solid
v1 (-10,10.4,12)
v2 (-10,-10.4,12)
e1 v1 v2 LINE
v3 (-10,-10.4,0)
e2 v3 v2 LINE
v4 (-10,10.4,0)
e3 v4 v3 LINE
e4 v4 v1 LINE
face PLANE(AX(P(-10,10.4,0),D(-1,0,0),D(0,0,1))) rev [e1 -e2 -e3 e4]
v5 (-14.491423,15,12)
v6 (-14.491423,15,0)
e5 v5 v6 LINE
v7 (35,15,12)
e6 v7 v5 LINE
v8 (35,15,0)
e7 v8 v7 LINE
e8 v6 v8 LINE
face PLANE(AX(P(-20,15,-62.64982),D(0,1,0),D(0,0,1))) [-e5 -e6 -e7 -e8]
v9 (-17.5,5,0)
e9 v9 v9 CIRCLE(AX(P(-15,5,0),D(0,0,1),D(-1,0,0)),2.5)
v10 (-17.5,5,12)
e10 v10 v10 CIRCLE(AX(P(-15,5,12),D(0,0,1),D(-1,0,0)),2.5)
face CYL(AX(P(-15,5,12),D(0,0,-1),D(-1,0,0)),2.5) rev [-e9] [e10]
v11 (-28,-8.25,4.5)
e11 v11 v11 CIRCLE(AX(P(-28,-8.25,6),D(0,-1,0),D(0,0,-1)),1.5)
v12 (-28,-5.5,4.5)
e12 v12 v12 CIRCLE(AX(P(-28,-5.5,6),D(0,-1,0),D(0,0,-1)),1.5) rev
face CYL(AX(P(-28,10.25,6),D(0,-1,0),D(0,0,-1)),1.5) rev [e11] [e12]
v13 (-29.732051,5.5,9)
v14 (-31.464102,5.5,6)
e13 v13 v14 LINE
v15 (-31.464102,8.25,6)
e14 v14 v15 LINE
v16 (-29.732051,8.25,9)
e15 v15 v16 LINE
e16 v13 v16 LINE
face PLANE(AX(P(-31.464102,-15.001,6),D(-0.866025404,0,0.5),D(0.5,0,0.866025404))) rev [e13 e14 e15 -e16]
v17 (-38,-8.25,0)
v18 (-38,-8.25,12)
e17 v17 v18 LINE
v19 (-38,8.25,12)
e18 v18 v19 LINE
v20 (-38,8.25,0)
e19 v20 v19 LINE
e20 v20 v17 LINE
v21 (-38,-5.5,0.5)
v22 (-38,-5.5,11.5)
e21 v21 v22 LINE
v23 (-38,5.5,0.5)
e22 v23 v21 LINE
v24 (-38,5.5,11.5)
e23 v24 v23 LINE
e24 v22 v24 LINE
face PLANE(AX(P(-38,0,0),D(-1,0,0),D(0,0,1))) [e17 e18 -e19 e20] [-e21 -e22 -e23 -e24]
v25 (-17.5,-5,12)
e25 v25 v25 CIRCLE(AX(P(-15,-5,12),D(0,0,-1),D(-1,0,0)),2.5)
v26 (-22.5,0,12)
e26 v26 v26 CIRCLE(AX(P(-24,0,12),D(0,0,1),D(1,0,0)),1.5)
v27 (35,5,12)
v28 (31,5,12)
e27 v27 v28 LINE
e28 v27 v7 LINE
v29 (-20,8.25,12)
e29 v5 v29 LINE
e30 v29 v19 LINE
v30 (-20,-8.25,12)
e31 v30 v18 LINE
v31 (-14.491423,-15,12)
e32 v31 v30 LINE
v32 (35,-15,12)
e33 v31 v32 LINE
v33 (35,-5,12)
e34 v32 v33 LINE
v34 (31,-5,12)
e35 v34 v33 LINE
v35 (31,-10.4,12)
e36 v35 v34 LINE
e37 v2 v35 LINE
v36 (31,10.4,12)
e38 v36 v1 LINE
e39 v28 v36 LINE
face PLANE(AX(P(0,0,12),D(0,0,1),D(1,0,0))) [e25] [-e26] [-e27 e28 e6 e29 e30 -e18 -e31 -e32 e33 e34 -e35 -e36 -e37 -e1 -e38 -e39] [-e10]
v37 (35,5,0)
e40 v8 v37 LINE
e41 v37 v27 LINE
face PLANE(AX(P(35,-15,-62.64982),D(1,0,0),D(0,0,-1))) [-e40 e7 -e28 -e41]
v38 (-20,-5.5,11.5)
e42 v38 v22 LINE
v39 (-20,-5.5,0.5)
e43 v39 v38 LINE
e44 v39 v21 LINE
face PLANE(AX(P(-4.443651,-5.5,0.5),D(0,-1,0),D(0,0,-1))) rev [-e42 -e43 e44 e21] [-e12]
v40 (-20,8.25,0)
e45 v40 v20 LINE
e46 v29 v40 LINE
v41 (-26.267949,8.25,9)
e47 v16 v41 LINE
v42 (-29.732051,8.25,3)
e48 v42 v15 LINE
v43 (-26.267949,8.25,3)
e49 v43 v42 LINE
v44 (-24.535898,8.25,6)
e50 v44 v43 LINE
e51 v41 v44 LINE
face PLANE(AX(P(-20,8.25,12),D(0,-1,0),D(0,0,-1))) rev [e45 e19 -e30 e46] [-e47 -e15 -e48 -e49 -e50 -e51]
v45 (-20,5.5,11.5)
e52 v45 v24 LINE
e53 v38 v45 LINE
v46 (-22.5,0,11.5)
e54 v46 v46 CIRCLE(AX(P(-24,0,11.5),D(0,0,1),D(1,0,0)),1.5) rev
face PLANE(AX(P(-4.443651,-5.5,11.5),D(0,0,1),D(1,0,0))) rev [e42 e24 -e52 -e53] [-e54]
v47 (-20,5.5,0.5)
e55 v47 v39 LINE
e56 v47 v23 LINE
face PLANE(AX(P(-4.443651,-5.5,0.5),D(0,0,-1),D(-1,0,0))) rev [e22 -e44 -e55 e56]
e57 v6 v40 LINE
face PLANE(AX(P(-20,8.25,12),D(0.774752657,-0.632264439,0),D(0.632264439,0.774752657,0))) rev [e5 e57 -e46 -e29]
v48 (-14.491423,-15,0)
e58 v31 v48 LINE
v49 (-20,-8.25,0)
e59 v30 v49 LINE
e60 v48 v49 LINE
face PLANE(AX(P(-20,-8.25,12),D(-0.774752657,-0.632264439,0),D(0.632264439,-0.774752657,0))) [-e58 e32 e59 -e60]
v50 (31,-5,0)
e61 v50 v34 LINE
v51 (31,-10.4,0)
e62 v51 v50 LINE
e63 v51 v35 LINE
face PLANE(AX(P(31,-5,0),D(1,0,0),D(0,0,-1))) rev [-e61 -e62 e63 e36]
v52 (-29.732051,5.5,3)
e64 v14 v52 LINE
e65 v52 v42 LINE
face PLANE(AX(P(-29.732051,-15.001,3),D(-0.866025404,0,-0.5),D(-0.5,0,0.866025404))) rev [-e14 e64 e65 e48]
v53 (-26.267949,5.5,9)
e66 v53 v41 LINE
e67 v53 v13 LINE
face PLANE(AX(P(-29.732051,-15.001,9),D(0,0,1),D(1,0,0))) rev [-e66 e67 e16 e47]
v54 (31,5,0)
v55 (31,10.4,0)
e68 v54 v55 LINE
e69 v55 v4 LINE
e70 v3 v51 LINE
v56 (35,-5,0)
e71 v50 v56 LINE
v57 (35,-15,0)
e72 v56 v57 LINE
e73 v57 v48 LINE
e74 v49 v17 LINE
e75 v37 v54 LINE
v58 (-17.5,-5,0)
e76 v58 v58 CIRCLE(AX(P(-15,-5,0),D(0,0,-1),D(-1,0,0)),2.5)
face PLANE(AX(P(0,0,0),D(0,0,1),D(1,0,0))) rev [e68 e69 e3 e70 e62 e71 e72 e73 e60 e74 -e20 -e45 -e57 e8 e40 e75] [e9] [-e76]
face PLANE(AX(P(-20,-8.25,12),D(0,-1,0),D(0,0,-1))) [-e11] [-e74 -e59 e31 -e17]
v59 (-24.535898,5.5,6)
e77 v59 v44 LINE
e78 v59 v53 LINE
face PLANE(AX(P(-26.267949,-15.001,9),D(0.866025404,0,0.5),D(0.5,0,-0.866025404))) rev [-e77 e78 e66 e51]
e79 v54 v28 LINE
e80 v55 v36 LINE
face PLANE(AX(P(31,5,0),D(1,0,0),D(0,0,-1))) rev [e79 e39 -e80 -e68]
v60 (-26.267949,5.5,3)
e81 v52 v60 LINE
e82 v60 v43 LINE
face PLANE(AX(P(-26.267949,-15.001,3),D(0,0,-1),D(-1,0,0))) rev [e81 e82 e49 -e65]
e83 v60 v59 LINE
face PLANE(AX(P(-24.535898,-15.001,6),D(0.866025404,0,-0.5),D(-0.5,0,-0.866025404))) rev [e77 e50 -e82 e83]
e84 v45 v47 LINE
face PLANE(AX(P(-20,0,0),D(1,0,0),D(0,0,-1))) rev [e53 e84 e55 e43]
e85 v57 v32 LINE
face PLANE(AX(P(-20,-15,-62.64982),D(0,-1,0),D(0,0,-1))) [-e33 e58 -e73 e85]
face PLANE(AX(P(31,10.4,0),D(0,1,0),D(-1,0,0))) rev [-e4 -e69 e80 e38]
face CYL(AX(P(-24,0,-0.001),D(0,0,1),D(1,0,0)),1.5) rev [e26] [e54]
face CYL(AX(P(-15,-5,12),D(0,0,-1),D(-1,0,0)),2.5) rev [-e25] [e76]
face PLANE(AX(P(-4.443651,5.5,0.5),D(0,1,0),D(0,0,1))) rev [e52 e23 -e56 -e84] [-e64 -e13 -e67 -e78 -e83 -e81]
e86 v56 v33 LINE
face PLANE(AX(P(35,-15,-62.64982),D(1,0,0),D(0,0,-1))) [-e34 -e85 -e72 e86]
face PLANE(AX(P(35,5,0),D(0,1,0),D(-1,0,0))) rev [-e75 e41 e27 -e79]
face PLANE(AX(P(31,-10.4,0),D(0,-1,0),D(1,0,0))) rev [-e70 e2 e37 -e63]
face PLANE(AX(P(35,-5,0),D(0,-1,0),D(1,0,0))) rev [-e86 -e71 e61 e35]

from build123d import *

# Parameters (mm, degrees)
SKETCH_2_W           = 30.5
SKETCH_2_H           = 20.5
SKETCH_2_W_2         = 22.5
SKETCH_2_H_2         = 12.5
EXTRUDE_1_DEPTH      = 12
SKETCH_3_W           = 2.75
SKETCH_3_H           = 10
EXTRUDE_2_DEPTH      = 3
SKETCH_4_W           = 4.940698383
SKETCH_4_H           = 10
CUT_EXTRUDE_1_DEPTH  = 9
EXTRUDE_3_DEPTH      = 20
EXTRUDE_4_REACH      = 38.805
SKETCH_7_R           = 1.252665059
CUT_EXTRUDE_2_DEPTH  = 41.374032496
SKETCH_8_W           = 10
SKETCH_8_H           = 10
CUT_EXTRUDE_3_DEPTH  = 18
SKETCH_10_W          = 23.106147985
SKETCH_10_H          = 7.754593222
CUT_EXTRUDE_4_DEPTH  = 42.146840705
SKETCH_11_R          = 1.5
CUT_EXTRUDE_5_DEPTH  = 44.934610502
CUT_EXTRUDE_6_REACH  = 60.181
SKETCH_12_W          = 11
SKETCH_12_H          = 11
SKETCH_13_W          = 23.5
SKETCH_13_H          = 13.5
CUT_EXTRUDE_7_DEPTH  = 42.146840705
SKETCH_14_W          = 9.129424231
SKETCH_14_H          = 10.218893611
CUT_EXTRUDE_8_DEPTH  = 42.146840705
SKETCH_15_W          = 55
SKETCH_15_H          = 30
EXTRUDE_5_DEPTH      = 12
CUT_EXTRUDE_9_DEPTH  = 43.579337712
SKETCH_18_R          = 2.5
CUT_EXTRUDE_10_DEPTH = 43.579337712
CUT_EXTRUDE_11_DEPTH = 43.579337712
CUT_EXTRUDE_12_REACH = 48.136
CUT_EXTRUDE_13_REACH = 44.579
SKETCH_21_R          = 1.5


with BuildPart() as part:
    # 草图2 → 凸台-拉伸1 (new body)
    with BuildSketch(Plane.XY):
        Rectangle(SKETCH_2_W, SKETCH_2_H)
        Rectangle(SKETCH_2_W_2, SKETCH_2_H_2, mode=Mode.SUBTRACT)
    extrude(amount=EXTRUDE_1_DEPTH)

    # 草图3 → 凸台-拉伸2 (add)
    with BuildSketch(Plane.XY.offset(12)):
        with Locations((-16.625, 0)):
            Rectangle(SKETCH_3_W, SKETCH_3_H)
    extrude_2 = extrude(amount=-EXTRUDE_2_DEPTH)

    # 镜向1: 凸台-拉伸2 across plane
    add(extrude_2.mirror(Plane(origin=(0, 0, 0), x_dir=(0, 0, 1), z_dir=(1, 0, 0))))

    # 草图4 → 切除-拉伸1 (cut)
    with BuildSketch(Plane(origin=(0, 0, 0), x_dir=(-1, 0, 0), z_dir=(0, 0, -1))):
        with Locations((15.220349192, 0)):
            Rectangle(SKETCH_4_W, SKETCH_4_H)
    cut_extrude_1 = extrude(amount=-CUT_EXTRUDE_1_DEPTH, mode=Mode.SUBTRACT)

    # 镜向2: 切除-拉伸1 across plane
    add(cut_extrude_1.mirror(Plane(origin=(0, 0, 0), x_dir=(0, 0, 1), z_dir=(1, 0, 0))), mode=Mode.SUBTRACT)

    # 草图5 → 凸台-拉伸3 (add)
    with BuildSketch(Plane.ZY.offset(18)):
        Polygon((12, 10.25), (12, 5), (12, -5), (12, -10.25), (0, -10.25), (0, -5), (0, 5), (0, 10.25), align=None)
    extrude(amount=EXTRUDE_3_DEPTH)

    # 草图6 → 凸台-拉伸4 (add, up to next)
    with BuildSketch(Plane.ZY.offset(15.25), mode=Mode.PRIVATE) as extrude_4_sk1:
        Polygon((12, -5), (9, -5), (0, -5), (0, -10.25), (12, -10.25), align=None)
    extrude_4_tool1 = extrude(extrude_4_sk1.sketch, amount=EXTRUDE_4_REACH, mode=Mode.PRIVATE) - part.part
    extrude_4 = extrude_4_tool1.solids().sort_by_distance((-15.25, -7.625, 6))[0]
    add(extrude_4)

    # 镜向3: 凸台-拉伸4 across plane
    add(extrude_4.mirror(Plane.ZX))

    # 草图7 → 切除-拉伸2 (cut, through all)
    with BuildSketch(Plane(origin=(0, 0, 9), x_dir=(-1, 0, 0), z_dir=(0, 0, -1))):
        with Locations((15.487865972, 2.296552608)):
            Circle(SKETCH_7_R)
    cut_extrude_2 = extrude(amount=-CUT_EXTRUDE_2_DEPTH, mode=Mode.SUBTRACT)

    # 草图8 → 切除-拉伸3 (cut)
    with BuildSketch(Plane.ZY.offset(38)):
        with Locations((6, 0)):
            Rectangle(SKETCH_8_W, SKETCH_8_H)
    extrude(amount=-CUT_EXTRUDE_3_DEPTH, mode=Mode.SUBTRACT)

    # 草图10 → 切除-拉伸4 (cut, through all)
    with BuildSketch(Plane(origin=(0, 0, 0), x_dir=(-1, 0, 0), z_dir=(0, 0, -1))):
        with Locations((31.553073992, 12.127296611)):
            Rectangle(SKETCH_10_W, SKETCH_10_H)
    cut_extrude_4 = extrude(amount=-CUT_EXTRUDE_4_DEPTH, mode=Mode.SUBTRACT)

    # 镜向4: 切除-拉伸4 across plane
    add(cut_extrude_4.mirror(Plane.ZX), mode=Mode.SUBTRACT)

    # 草图11 → 切除-拉伸5 (cut, through all)
    with BuildSketch(Plane.XZ.offset(8.25)):
        with Locations(Location((-28, 6, 0), (0, 0, 270))):
            Circle(SKETCH_11_R)
    extrude(amount=-CUT_EXTRUDE_5_DEPTH, mode=Mode.SUBTRACT)

    # 镜向5: 切除-拉伸2 across plane
    add(cut_extrude_2.mirror(Plane(origin=(0, 0, 0), x_dir=(0, 0, 1), z_dir=(1, 0, 0))), mode=Mode.SUBTRACT)

    # 切除-拉伸6: up to this face of the body (flat: up to its plane)
    cut_extrude_6_end = Plane(part.part.faces().sort_by_distance((-20, 0, 6))[0])
    # 草图12 → 切除-拉伸6 (cut, up to the picked face)
    with BuildSketch(Plane.ZY.offset(38), mode=Mode.PRIVATE) as cut_extrude_6_sk1:
        with Locations((6, 0)):
            Rectangle(SKETCH_12_W, SKETCH_12_H)
    cut_extrude_6_tool1 = split(extrude(cut_extrude_6_sk1.sketch, amount=-CUT_EXTRUDE_6_REACH, mode=Mode.PRIVATE), bisect_by=cut_extrude_6_end, keep=Keep.BOTH, mode=Mode.PRIVATE)
    add(cut_extrude_6_tool1.solids().sort_by(Axis((-38, 0, 6), (1, 0, 0)))[0], mode=Mode.SUBTRACT)

    # 草图13 → 切除-拉伸7 (cut, through all)
    with BuildSketch(Plane.XY.offset(12)):
        Rectangle(SKETCH_13_W, SKETCH_13_H)
    extrude(amount=-CUT_EXTRUDE_7_DEPTH, mode=Mode.SUBTRACT)

    # 草图14 → 切除-拉伸8 (cut, through all)
    with BuildSketch(Plane.XY.offset(12)):
        with Locations((13.435287884, 0.109446806)):
            Rectangle(SKETCH_14_W, SKETCH_14_H)
    extrude(amount=-CUT_EXTRUDE_8_DEPTH, mode=Mode.SUBTRACT)

    # 草图15 → 凸台-拉伸5 (add)
    with BuildSketch(Plane.XY.offset(12)):
        with Locations((7.5, 0)):
            Rectangle(SKETCH_15_W, SKETCH_15_H)
    extrude(amount=-EXTRUDE_5_DEPTH)

    # 草图17 → 切除-拉伸9 (cut, through all)
    with BuildSketch(Plane.XY.offset(12)):
        Polygon((35, -5), (35, 5), (31, 5), (31, 10.4), (-10, 10.4), (-10, -10.4), (31, -10.4), (31, -5), align=None)
    extrude(amount=-CUT_EXTRUDE_9_DEPTH, mode=Mode.SUBTRACT)

    # 草图18 → 切除-拉伸10 (cut, through all)
    with BuildSketch(Plane(origin=(0, 0, 0), x_dir=(-1, 0, 0), z_dir=(0, 0, -1))):
        with Locations((15, -5)):
            Circle(SKETCH_18_R)
    cut_extrude_10 = extrude(amount=-CUT_EXTRUDE_10_DEPTH, mode=Mode.SUBTRACT)

    # 镜向6: 切除-拉伸10 across plane
    add(cut_extrude_10.mirror(Plane.ZX), mode=Mode.SUBTRACT)

    # 草图19 → 切除-拉伸11 (cut, through all)
    with BuildSketch(Plane(origin=(0, 0, 0), x_dir=(-1, 0, 0), z_dir=(0, 0, -1))):
        Polygon((20, 8.25), (14.491422615, 15), (20, 15), align=None)
    cut_extrude_11 = extrude(amount=-CUT_EXTRUDE_11_DEPTH, mode=Mode.SUBTRACT)

    # 镜向7: 切除-拉伸11 across plane
    add(cut_extrude_11.mirror(Plane.ZX), mode=Mode.SUBTRACT)

    # 草图20 → 切除-拉伸12 (cut, up to next)
    with BuildSketch(Plane(origin=(0, 8.25, 0), x_dir=(1, 0, 0), z_dir=(0, 1, 0)), mode=Mode.PRIVATE) as cut_extrude_12_sk1:
        Polygon((-26.267949192, -3), (-29.732050808, -3), (-31.464101615, -6), (-29.732050808, -9), (-26.267949192, -9), (-24.535898385, -6), align=None)
    cut_extrude_12_tool1 = extrude(cut_extrude_12_sk1.sketch, amount=-CUT_EXTRUDE_12_REACH, mode=Mode.PRIVATE) & part.part
    add(cut_extrude_12_tool1.solids().sort_by_distance((-28, 8.25, 6))[0], mode=Mode.SUBTRACT)

    # 草图21 → 切除-拉伸13 (cut, up to next)
    with BuildSketch(Plane.XY.offset(12), mode=Mode.PRIVATE) as cut_extrude_13_sk1:
        with Locations((-24, 0)):
            Circle(SKETCH_21_R)
    cut_extrude_13_tool1 = extrude(cut_extrude_13_sk1.sketch, amount=-CUT_EXTRUDE_13_REACH, mode=Mode.PRIVATE) & part.part
    add(cut_extrude_13_tool1.solids().sort_by_distance((-24, 0, 12))[0], mode=Mode.SUBTRACT)


solid = part.part
